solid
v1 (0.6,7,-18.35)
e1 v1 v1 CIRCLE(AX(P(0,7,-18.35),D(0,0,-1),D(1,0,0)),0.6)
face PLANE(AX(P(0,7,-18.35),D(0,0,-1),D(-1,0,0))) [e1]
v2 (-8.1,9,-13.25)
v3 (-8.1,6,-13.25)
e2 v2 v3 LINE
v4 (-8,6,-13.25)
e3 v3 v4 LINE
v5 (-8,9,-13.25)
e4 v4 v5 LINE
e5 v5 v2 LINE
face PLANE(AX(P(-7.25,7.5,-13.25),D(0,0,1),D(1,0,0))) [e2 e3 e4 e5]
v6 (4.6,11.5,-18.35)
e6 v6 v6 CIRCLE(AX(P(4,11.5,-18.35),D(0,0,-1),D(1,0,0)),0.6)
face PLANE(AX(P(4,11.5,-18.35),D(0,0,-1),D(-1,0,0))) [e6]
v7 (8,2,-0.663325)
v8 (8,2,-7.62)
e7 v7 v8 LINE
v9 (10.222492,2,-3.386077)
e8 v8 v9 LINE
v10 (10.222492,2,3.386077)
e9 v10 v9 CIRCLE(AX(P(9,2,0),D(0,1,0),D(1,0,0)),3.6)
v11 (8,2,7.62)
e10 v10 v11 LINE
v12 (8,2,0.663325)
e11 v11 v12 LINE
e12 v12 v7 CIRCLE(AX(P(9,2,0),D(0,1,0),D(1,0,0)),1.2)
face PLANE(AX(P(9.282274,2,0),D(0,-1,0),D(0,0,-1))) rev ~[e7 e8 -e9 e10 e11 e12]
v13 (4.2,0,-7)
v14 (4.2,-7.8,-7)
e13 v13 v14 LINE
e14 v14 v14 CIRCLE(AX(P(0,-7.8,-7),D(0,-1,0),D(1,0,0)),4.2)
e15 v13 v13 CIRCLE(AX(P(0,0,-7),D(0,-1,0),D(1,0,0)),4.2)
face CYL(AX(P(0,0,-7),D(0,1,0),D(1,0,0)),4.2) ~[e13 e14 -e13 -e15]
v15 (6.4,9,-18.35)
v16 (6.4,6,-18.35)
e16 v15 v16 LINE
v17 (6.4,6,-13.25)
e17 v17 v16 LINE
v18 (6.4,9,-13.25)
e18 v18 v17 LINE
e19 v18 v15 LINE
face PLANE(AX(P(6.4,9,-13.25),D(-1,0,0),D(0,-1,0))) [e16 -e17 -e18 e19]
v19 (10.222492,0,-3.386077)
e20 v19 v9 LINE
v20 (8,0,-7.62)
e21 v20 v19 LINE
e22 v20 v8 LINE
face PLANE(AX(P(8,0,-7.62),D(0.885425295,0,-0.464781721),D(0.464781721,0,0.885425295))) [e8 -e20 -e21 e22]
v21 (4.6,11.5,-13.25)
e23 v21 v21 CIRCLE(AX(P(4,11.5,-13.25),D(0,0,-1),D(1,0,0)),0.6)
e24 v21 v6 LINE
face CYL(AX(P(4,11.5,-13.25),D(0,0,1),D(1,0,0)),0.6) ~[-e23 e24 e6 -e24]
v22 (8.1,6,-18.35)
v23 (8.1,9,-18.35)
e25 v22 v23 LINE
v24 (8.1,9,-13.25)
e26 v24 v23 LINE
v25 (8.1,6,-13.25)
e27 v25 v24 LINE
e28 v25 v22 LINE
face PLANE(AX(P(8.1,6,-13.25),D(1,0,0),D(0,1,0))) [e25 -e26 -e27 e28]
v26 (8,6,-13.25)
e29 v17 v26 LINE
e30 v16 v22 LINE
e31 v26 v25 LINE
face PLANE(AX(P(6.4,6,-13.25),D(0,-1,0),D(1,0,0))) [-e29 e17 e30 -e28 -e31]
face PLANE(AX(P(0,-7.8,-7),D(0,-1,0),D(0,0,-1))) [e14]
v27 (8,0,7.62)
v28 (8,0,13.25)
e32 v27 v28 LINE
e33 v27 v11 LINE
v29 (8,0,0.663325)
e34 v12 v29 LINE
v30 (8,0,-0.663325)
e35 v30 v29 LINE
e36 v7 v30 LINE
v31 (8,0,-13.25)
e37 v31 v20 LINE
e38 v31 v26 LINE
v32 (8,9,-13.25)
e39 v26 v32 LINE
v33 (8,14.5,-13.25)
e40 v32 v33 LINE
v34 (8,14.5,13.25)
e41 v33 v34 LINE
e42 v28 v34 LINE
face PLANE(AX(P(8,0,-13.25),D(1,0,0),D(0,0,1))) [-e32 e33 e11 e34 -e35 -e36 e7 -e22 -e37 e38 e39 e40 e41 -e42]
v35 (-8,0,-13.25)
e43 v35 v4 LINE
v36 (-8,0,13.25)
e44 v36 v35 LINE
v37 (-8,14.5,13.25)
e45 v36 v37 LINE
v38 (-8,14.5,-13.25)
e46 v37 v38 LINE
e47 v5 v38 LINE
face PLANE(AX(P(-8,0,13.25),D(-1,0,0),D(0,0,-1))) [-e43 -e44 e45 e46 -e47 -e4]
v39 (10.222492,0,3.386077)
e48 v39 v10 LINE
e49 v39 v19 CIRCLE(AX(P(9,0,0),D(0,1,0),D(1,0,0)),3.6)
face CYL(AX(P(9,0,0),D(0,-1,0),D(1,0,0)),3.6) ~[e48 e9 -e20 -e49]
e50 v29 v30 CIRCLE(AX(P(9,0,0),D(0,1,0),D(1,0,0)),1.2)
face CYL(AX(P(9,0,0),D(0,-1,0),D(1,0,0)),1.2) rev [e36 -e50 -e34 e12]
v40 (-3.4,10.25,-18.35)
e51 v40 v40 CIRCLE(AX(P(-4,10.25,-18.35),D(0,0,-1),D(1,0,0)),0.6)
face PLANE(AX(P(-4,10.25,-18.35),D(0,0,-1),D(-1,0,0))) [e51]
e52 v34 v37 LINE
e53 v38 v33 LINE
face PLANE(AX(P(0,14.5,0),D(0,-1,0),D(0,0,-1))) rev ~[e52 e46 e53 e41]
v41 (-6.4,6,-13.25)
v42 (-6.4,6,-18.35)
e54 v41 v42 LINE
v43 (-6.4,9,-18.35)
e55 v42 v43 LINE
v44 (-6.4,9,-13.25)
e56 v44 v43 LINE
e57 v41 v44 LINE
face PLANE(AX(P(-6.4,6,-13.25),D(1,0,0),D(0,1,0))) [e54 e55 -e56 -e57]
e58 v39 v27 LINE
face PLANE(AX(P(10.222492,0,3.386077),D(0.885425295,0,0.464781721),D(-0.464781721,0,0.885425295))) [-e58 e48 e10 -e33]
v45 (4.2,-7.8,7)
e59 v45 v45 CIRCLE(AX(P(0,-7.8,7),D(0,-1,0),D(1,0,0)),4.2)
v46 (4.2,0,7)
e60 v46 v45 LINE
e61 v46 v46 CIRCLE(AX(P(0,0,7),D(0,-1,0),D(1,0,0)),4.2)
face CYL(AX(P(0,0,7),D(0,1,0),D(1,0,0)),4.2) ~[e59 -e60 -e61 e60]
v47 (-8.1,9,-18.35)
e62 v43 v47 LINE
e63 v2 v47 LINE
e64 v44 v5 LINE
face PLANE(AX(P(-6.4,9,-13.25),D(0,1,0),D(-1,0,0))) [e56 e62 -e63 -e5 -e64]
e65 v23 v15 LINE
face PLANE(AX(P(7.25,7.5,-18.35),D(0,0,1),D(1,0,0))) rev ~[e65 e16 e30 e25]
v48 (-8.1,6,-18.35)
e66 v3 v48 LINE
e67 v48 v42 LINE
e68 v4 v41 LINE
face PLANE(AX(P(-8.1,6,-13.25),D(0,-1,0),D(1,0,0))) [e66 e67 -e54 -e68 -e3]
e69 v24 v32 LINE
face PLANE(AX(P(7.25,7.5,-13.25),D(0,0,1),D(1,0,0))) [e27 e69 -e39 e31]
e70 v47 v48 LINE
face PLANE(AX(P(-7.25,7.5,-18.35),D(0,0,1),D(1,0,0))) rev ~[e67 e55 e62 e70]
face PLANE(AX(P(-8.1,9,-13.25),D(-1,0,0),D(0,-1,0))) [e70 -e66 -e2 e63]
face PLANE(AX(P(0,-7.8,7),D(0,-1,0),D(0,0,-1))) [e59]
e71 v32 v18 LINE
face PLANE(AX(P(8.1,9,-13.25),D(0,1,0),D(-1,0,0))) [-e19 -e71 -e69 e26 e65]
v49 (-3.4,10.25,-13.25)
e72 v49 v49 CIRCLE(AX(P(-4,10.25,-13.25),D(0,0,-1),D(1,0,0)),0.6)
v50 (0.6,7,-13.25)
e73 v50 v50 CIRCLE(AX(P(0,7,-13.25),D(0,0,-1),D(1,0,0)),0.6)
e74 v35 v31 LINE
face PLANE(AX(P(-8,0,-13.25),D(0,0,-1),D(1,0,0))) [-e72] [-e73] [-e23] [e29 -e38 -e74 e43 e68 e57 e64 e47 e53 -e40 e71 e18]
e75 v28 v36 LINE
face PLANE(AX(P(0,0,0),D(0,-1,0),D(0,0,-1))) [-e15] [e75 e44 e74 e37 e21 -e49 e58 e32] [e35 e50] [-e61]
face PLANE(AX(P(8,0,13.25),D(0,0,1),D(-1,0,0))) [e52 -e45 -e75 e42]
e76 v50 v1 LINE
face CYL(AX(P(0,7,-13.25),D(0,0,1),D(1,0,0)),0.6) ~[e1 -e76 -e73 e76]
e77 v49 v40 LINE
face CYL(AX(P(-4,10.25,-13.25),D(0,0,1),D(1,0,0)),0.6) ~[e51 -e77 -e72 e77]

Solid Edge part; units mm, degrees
sketch "Sketch1" plane through (0, 0, 0) normal (0, -1, 0) x (1, 0, 0)
  circle A0 centre (0, -7) radius 4.2
  circle A1 centre (0, 7) radius 4.2
  dimension "D1" = 8.4
  dimension "D2" = 14
extrude "Protrusion1" add sketch "Sketch1" along normal blind 7.8
sketch "Sketch2" plane through (0, 0, -7) normal (0, 1, 0) x (-1, 0, 0)
  line L0 (8, -6.25) -> (-8, -6.25)
  line L1 (-8, -6.25) -> (-8, 20.25)
  line L2 (-8, 20.25) -> (8, 20.25)
  line L3 (8, 20.25) -> (8, -6.25)
extrude "ExtrudedProtrusion_2" add sketch "Sketch2" along normal blind 14.5
sketch "Sketch3" plane through (0, 7.25, -13.25) normal (0, 0, -1) x (1, 0, 0)
  line L0 (-6.4, 1.25) -> (-6.4, -1.75)
  line L1 (-6.4, -1.75) -> (-8.1, -1.75)
  line L2 (-8.1, -1.75) -> (-8.1, 1.25)
  line L3 (-8.1, 1.25) -> (-6.4, 1.25)
  circle A0 centre (4, -4.25) radius 0.6
  circle A1 centre (-4, -3) radius 0.6
  circle A2 centre (0, 0.25) radius 0.6
  line L4 (6.4, 1.25) -> (8.1, 1.25)
  line L5 (8.1, 1.25) -> (8.1, -1.75)
  line L6 (8.1, -1.75) -> (6.4, -1.75)
  line L7 (6.4, -1.75) -> (6.4, 1.25)
  dimension "D1" = 1.2
  dimension "D2" = 7
  dimension "D3" = 3.25
  dimension "D4" = 1.25
  dimension "D5" = 1.7
  dimension "D6" = 3
  dimension "D7" = 14.5
  dimension "D8" = 2.75
  dimension "D9" = 8
extrude "ExtrudedProtrusion_3" add sketch "Sketch3" along normal blind 5.1
sketch "Sketch4" plane through (0, 0, 0) normal (0, -1, 0) x (1, 0, 0)
  line L0 (8, -0.6633) -> (8, -7.62)
  line L1 (8, -7.62) -> (10.2225, -3.3861)
  arc A0 (10.2225, 3.3861) -> (10.2225, -3.3861) centre (9, 0) cw
  line L2 (10.2225, 3.3861) -> (8, 7.62)
  line L3 (8, 7.62) -> (8, 0.6633)
  arc A1 (8, 0.6633) -> (8, -0.6633) centre (9, 0) cw
extrude "ExtrudedProtrusion_4" add sketch "Sketch4" against normal blind 2
